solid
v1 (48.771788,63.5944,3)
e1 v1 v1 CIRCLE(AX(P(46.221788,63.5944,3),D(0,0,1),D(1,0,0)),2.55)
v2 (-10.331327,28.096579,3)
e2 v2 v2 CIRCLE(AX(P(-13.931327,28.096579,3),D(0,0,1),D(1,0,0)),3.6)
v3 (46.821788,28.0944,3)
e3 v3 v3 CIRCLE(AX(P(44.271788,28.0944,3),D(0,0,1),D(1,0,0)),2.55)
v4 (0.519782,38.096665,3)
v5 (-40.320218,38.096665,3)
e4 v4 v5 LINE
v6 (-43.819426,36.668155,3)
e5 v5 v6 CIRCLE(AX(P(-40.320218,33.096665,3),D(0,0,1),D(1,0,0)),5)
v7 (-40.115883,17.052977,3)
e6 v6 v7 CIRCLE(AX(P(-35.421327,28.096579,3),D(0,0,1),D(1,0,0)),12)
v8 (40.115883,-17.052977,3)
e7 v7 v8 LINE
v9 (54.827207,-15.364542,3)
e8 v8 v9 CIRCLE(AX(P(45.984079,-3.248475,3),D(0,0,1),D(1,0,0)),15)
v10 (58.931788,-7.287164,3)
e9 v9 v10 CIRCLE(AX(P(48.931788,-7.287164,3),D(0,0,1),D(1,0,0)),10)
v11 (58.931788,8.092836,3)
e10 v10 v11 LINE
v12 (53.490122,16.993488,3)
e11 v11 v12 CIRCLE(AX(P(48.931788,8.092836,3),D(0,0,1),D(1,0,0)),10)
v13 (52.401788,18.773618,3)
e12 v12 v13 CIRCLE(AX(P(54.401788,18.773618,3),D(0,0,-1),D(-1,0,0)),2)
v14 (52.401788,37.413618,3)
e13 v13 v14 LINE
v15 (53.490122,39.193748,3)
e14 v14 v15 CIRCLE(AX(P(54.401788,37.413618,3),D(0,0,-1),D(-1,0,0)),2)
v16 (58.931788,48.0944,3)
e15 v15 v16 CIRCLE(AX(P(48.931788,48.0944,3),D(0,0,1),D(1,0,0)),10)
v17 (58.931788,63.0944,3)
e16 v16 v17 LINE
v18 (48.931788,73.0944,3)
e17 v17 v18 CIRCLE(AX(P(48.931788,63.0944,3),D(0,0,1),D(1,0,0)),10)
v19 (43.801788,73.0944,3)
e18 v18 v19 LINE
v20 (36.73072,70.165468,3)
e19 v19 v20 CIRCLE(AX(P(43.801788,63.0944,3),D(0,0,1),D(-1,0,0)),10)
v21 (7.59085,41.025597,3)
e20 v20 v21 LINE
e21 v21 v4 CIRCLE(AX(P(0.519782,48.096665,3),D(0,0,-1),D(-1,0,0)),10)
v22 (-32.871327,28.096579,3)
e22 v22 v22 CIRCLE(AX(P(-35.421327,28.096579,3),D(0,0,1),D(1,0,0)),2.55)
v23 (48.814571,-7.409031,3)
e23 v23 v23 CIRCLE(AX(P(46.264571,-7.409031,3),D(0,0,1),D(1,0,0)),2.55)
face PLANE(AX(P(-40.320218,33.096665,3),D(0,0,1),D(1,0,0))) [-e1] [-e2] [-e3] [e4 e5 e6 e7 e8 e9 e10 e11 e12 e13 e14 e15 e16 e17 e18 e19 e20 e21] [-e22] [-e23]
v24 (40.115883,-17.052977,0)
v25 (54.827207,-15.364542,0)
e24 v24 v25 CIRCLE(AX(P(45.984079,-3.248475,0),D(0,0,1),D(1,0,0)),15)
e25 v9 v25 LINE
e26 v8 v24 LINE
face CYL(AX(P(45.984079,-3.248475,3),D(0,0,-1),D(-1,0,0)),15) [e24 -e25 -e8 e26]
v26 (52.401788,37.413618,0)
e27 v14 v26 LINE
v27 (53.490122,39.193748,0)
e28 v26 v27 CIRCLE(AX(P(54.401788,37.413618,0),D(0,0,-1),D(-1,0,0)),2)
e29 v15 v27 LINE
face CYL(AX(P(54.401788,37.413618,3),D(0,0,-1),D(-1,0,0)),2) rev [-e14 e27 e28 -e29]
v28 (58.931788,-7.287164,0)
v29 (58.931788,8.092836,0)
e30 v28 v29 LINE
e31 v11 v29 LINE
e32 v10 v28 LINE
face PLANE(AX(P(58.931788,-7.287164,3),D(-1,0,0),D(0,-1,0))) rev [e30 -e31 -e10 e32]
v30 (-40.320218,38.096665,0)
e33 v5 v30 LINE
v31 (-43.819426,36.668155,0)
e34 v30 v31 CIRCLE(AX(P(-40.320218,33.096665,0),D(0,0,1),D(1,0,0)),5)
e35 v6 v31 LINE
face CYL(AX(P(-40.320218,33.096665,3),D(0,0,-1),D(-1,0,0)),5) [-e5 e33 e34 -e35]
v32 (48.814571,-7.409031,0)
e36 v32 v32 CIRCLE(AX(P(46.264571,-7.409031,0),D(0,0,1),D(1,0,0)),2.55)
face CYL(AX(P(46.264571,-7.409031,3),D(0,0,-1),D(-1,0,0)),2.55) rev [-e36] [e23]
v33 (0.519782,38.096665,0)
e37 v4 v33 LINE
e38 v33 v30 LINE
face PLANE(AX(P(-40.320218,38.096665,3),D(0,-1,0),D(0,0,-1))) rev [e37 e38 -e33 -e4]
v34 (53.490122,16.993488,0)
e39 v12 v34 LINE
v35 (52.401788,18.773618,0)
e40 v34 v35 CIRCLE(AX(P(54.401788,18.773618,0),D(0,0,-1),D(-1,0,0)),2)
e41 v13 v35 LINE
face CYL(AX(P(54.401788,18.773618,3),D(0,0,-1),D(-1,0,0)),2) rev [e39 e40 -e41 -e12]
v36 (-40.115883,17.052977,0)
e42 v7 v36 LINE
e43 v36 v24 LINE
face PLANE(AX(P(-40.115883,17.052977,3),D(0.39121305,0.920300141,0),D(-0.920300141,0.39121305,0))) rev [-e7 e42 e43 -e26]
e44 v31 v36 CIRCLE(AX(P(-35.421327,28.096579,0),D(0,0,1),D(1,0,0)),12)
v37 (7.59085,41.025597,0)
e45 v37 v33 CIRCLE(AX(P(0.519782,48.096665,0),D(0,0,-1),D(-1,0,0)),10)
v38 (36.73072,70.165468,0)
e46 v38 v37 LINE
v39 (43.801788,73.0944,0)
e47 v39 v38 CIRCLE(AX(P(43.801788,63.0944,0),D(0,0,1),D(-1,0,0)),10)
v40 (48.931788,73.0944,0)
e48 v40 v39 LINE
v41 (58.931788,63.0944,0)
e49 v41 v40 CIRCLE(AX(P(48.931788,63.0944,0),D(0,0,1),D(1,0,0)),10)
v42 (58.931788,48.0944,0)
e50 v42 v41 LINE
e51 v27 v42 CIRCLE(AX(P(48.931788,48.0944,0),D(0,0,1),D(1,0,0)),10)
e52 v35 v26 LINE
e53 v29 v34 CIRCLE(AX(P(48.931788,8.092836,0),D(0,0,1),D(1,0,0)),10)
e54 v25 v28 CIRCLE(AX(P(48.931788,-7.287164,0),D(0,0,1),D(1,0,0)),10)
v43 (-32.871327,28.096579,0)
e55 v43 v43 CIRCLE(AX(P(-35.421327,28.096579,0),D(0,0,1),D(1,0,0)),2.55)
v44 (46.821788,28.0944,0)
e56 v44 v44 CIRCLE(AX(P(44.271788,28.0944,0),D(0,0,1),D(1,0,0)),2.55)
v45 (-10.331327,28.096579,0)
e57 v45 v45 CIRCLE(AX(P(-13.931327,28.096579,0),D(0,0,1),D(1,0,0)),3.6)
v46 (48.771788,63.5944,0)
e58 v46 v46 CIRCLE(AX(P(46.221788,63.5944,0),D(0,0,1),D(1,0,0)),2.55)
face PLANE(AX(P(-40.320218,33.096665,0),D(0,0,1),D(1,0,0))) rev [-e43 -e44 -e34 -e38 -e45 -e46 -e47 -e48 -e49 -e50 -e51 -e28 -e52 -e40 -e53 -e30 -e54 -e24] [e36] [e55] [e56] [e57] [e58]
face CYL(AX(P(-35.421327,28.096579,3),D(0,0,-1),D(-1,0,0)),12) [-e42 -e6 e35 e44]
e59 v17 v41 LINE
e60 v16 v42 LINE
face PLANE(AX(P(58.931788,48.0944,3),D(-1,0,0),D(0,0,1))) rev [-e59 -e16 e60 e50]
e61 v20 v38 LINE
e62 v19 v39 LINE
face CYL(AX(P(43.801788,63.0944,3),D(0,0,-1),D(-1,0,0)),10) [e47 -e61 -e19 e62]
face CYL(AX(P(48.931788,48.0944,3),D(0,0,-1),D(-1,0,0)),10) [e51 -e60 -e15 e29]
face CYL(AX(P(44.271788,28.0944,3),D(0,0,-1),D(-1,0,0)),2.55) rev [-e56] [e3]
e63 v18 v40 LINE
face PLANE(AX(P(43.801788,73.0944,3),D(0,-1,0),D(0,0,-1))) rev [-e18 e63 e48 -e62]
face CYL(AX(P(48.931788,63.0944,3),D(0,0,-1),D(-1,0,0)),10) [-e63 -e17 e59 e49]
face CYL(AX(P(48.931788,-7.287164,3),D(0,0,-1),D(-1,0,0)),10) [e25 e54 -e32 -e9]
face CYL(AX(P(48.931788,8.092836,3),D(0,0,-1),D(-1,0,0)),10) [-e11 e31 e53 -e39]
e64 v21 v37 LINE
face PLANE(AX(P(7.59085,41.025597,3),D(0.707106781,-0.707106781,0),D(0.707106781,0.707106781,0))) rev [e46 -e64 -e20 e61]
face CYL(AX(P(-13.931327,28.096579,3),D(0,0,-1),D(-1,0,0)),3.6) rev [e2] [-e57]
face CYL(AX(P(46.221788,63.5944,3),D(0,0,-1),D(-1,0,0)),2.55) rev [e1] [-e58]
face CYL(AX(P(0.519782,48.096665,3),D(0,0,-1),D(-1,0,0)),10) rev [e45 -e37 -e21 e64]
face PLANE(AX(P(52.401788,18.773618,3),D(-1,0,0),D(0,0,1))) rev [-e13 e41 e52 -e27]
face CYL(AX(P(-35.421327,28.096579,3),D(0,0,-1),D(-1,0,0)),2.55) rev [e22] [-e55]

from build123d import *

# Parameters (mm, degrees)
SKETCH1_R           = 2.55
SKETCH1_R_2         = 3.6
BOSS_EXTRUDE1_DEPTH = 3


with BuildPart() as part:
    # Sketch1 → Boss-Extrude1 (new body)
    with BuildSketch(Plane.XY):
        with BuildLine():
            Line((-40.320217865, 38.096664926), (0.519782135, 38.096664926))
            ThreePointArc((0.519782135, 38.096664926), (4.346616459, 38.857869601), (7.590849947, 41.025597114))
            Line((7.590849947, 41.025597114), (36.7307204, 70.165467567))
            ThreePointArc((36.7307204, 70.165467567), (39.974953888, 72.33319508), (43.801788211, 73.094399755))
            Line((43.801788211, 73.094399755), (48.931788211, 73.094399755))
            ThreePointArc((48.931788211, 73.094399755), (56.002856023, 70.165467567), (58.931788211, 63.094399755))
            Line((58.931788211, 63.094399755), (58.931788211, 48.094399755))
            ThreePointArc((58.931788211, 48.094399755), (57.46359146, 42.87823897), (53.490121545, 39.193748249))
            ThreePointArc((53.490121545, 39.193748249), (52.695427562, 38.456850105), (52.401788211, 37.413617948))
            Line((52.401788211, 37.413617948), (52.401788211, 18.773617948))
            ThreePointArc((52.401788211, 18.773617948), (52.695427562, 17.730385791), (53.490121545, 16.993487647))
            ThreePointArc((53.490121545, 16.993487647), (57.46359146, 13.308996927), (58.931788211, 8.092836142))
            Line((58.931788211, 8.092836142), (58.931788211, -7.287163858))
            ThreePointArc((58.931788211, -7.287163858), (57.846780817, -11.817385358), (54.827206843, -15.364542093))
            ThreePointArc((54.827206843, -15.364542093), (47.694417569, -18.15064712), (40.115883144, -17.052976855))
            Line((40.115883144, -17.052976855), (-40.115883144, 17.052976855))
            ThreePointArc((-40.115883144, 17.052976855), (-47.212985277, 25.870194867), (-43.819425953, 36.668155197))
            ThreePointArc((-43.819425953, 36.668155197), (-42.209999419, 37.725782086), (-40.320217865, 38.096664926))
        make_face()
        with Locations((-35.421326542, 28.096578546)):
            Circle(SKETCH1_R, mode=Mode.SUBTRACT)
        with Locations((-13.931326542, 28.096578546)):
            Circle(SKETCH1_R_2, mode=Mode.SUBTRACT)
        with Locations((46.221788211, 63.594399755)):
            Circle(SKETCH1_R, mode=Mode.SUBTRACT)
        with Locations((44.271788211, 28.094399755)):
            Circle(SKETCH1_R, mode=Mode.SUBTRACT)
        with Locations((46.264570837, -7.409030505)):
            Circle(SKETCH1_R, mode=Mode.SUBTRACT)
    extrude(amount=BOSS_EXTRUDE1_DEPTH)


solid = part.part
